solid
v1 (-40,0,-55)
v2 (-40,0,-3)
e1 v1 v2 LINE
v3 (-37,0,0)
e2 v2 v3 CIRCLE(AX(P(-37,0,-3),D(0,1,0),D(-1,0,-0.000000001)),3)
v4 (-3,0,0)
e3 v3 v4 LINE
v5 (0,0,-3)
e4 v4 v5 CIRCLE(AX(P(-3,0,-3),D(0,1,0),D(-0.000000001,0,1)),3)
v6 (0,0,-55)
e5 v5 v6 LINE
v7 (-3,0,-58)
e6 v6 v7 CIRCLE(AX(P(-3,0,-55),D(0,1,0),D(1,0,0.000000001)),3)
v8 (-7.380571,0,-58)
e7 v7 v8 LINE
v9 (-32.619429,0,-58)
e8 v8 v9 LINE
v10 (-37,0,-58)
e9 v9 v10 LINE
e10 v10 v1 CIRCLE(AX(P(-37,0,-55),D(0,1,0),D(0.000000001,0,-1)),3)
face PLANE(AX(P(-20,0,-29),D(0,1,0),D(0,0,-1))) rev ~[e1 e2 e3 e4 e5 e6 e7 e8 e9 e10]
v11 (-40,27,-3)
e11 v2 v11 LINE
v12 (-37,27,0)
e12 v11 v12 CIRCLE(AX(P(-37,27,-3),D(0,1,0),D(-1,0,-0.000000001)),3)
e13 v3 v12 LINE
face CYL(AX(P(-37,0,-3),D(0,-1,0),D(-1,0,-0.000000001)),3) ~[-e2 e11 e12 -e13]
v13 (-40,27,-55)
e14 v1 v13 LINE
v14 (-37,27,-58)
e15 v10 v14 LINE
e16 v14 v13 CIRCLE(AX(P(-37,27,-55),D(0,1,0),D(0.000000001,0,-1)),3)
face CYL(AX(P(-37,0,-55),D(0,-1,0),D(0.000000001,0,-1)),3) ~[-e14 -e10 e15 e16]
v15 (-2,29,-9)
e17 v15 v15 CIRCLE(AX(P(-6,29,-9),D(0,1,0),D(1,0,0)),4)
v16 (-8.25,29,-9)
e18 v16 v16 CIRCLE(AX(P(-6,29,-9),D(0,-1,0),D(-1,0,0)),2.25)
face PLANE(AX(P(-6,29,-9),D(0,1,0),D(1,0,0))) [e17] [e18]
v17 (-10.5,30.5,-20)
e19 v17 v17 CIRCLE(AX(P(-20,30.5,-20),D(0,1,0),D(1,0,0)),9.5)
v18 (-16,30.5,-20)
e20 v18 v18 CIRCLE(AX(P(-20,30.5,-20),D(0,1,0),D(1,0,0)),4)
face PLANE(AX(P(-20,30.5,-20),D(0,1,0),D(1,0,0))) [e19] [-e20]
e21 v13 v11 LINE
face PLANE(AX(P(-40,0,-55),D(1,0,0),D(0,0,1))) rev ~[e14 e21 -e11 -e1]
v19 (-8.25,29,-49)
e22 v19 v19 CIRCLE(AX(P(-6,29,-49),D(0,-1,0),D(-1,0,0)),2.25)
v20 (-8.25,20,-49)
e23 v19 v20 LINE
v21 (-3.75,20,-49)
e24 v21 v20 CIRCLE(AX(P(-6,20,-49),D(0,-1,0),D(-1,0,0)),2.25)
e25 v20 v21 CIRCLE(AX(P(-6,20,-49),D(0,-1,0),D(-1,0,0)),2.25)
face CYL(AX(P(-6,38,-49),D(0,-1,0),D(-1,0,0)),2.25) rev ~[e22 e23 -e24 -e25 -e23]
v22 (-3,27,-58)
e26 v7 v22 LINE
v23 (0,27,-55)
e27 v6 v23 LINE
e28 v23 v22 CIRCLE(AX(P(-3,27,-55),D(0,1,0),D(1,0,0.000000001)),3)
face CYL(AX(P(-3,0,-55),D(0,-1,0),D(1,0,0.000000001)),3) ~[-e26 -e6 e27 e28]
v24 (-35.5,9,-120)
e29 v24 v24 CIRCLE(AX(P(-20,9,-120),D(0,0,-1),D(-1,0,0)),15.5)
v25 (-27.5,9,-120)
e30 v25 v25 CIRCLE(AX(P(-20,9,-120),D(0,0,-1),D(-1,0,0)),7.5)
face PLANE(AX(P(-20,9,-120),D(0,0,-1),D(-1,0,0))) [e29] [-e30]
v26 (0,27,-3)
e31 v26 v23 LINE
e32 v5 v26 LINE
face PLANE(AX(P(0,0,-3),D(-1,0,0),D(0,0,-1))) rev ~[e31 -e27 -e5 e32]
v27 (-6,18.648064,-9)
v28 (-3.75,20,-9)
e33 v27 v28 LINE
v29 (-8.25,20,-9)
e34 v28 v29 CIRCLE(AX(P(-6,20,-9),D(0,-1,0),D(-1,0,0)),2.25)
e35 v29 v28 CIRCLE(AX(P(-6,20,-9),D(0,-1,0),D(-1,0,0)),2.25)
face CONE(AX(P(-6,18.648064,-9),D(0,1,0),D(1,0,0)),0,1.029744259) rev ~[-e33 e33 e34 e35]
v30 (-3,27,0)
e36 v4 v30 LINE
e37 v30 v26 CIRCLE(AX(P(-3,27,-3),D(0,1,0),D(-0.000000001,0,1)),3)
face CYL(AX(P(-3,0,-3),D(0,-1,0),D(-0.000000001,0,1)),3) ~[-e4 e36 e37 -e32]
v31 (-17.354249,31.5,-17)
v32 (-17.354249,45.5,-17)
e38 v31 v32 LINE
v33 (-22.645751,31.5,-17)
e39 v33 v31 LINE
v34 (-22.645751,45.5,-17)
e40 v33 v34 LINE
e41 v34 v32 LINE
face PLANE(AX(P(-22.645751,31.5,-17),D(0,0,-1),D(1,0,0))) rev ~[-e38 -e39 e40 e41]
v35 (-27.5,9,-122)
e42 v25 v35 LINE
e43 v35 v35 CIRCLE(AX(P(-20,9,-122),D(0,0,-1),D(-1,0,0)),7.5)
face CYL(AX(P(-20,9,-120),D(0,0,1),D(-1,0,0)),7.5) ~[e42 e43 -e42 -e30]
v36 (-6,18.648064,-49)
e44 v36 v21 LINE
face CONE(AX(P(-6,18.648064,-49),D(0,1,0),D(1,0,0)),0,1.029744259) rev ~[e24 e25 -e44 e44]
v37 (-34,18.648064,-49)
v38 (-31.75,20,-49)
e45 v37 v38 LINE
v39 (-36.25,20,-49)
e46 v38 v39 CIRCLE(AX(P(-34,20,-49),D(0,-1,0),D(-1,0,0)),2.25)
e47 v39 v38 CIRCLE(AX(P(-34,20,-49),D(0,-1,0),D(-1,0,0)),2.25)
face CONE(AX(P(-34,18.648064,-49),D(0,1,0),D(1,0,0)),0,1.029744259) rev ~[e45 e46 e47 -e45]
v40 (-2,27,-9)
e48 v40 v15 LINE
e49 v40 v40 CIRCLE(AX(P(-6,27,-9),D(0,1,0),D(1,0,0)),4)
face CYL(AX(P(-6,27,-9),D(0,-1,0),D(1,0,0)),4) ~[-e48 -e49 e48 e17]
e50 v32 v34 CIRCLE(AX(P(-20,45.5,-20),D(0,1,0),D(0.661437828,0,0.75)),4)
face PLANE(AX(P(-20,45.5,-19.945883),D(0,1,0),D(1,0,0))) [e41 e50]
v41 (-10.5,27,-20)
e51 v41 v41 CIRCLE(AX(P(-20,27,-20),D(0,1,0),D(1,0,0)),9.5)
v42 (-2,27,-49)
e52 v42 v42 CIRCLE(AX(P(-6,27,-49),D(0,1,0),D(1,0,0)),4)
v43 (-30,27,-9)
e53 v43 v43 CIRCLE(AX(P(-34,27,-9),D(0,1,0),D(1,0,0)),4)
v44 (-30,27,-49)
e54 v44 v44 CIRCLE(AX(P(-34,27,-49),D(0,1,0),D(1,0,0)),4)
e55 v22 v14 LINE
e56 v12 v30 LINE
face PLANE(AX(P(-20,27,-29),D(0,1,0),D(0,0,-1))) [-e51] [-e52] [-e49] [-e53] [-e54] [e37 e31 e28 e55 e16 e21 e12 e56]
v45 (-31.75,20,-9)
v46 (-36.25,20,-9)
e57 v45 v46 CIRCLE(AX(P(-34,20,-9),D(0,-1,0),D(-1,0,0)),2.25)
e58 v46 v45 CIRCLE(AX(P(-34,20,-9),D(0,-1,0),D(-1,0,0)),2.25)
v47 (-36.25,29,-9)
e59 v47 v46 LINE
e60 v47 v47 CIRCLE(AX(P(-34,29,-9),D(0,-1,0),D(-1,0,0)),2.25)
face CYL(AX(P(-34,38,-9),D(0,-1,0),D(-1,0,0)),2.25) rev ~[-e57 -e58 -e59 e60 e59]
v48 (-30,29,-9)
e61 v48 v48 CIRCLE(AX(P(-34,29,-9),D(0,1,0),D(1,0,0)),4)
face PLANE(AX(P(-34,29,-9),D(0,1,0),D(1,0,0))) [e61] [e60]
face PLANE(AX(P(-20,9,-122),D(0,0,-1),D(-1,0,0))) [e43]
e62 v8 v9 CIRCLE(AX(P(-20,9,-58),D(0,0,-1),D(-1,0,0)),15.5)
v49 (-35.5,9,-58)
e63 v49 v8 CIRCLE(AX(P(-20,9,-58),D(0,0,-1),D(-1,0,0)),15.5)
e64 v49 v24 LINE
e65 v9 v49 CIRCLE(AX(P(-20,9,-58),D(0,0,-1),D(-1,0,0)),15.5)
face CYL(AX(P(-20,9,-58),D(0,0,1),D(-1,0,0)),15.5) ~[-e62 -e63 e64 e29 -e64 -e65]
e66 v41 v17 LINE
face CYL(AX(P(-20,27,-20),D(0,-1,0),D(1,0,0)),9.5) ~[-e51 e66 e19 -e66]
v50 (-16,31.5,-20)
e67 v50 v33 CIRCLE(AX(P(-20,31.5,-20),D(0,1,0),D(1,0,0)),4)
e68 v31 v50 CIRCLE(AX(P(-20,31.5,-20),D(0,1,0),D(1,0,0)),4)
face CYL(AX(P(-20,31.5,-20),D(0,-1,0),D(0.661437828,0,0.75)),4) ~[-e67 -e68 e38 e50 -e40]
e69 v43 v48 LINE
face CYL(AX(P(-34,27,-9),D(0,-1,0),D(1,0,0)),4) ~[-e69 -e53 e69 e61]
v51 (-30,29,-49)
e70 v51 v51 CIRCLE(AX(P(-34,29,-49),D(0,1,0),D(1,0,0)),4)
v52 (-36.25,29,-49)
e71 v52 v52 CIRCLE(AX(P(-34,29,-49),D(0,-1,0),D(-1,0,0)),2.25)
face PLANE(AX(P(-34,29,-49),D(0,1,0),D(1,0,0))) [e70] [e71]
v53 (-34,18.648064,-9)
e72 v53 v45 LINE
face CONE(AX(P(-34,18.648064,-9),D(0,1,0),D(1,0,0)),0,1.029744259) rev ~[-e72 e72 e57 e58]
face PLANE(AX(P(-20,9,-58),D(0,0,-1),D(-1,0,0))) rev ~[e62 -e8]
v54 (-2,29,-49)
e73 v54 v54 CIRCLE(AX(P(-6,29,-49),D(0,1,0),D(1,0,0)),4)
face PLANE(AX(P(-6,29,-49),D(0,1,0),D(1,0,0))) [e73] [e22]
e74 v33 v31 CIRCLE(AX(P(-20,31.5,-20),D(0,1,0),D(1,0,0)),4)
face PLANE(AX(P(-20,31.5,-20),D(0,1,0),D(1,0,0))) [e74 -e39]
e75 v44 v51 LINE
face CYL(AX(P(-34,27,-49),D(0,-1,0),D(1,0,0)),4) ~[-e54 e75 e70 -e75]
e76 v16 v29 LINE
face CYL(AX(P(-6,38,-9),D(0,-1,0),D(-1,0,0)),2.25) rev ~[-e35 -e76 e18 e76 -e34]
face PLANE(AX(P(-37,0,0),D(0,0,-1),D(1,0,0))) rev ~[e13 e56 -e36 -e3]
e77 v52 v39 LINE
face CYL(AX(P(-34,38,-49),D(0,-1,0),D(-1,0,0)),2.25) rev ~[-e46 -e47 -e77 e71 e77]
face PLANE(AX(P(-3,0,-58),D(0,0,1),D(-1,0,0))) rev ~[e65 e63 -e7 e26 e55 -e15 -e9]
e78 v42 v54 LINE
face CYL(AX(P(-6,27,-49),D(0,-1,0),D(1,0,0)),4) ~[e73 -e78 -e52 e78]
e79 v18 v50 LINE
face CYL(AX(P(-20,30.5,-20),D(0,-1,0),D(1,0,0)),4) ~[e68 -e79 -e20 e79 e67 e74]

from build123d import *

# Parameters (mm, degrees)
BOSS_EXTRUDE2_DEPTH      = 27
SKETCH2_R                = 4
BOSS_EXTRUDE3_DEPTH      = 2
SKETCH3_R                = 9.5
BOSS_EXTRUDE4_DEPTH      = 3.5
SKETCH4_R                = 4
BOSS_EXTRUDE5_DEPTH      = 1
BOSS_EXTRUDE6_DEPTH      = 14
M4_CLEARANCE_HOLE1_D     = 4.5
M4_CLEARANCE_HOLE1_DEPTH = 9
M4_CLEARANCE_HOLE1_TIP   = 1.351936393
SKETCH8_R                = 15.5
BOSS_EXTRUDE7_DEPTH      = 62
SKETCH9_R                = 7.5
BOSS_EXTRUDE8_DEPTH      = 2


with BuildPart() as part:
    # Sketch1 → Boss-Extrude2 (new body)
    with BuildSketch(Plane(origin=(0, 0, 0), x_dir=(0, 0, -1), z_dir=(0, 1, 0))):
        with BuildLine():
            Line((3, 0), (55, 0))
            ThreePointArc((55, 0), (57.121320344, 0.878679656), (58, 3))
            Line((58, 3), (58, 37))
            ThreePointArc((58, 37), (57.121320344, 39.121320344), (55, 40))
            Line((55, 40), (3, 40))
            ThreePointArc((3, 40), (0.878679656, 39.121320344), (0, 37))
            Line((0, 37), (0, 3))
            ThreePointArc((0, 3), (0.878679656, 0.878679656), (3, 0))
        make_face()
    extrude(amount=BOSS_EXTRUDE2_DEPTH)

    # Sketch2 → Boss-Extrude3 (add)
    with BuildSketch(Plane(origin=(0, 27, 0), x_dir=(1, 0, 0), z_dir=(0, 1, 0))):
        with Locations((-34, 9)):
            Circle(SKETCH2_R)
        with Locations((-6, 9)):
            Circle(SKETCH2_R)
        with Locations((-6, 49)):
            Circle(SKETCH2_R)
        with Locations((-34, 49)):
            Circle(SKETCH2_R)
    extrude(amount=BOSS_EXTRUDE3_DEPTH)

    # Sketch3 → Boss-Extrude4 (add)
    with BuildSketch(Plane(origin=(0, 27, 0), x_dir=(1, 0, 0), z_dir=(0, 1, 0))):
        with Locations((-20, 20)):
            Circle(SKETCH3_R)
    extrude(amount=BOSS_EXTRUDE4_DEPTH)

    # Sketch4 → Boss-Extrude5 (add)
    with BuildSketch(Plane(origin=(0, 30.5, 0), x_dir=(1, 0, 0), z_dir=(0, 1, 0))):
        with Locations((-20, 20)):
            Circle(SKETCH4_R)
    extrude(amount=BOSS_EXTRUDE5_DEPTH)

    # Sketch5 → Boss-Extrude6 (add)
    with BuildSketch(Plane(origin=(0, 31.5, 0), x_dir=(1, 0, 0), z_dir=(0, 1, 0))):
        with BuildLine():
            Line((-22.645751311, 17), (-17.354248689, 17))
            ThreePointArc((-17.354248689, 17), (-20, 24), (-22.645751311, 17))
        make_face()
    extrude(amount=BOSS_EXTRUDE6_DEPTH)

    # M4 Clearance Hole1
    with Locations(Plane(origin=(0, 29, 0), x_dir=(1, 0, 0), z_dir=(0, 1, 0))):
        with Locations((-34, 9), (-34, 49), (-6, 49), (-6, 9)):
            Hole(M4_CLEARANCE_HOLE1_D / 2, depth=M4_CLEARANCE_HOLE1_DEPTH)
            with Locations((0, 0, -(M4_CLEARANCE_HOLE1_DEPTH + M4_CLEARANCE_HOLE1_TIP / 2))):  # 118° drill point
                Cone(0, M4_CLEARANCE_HOLE1_D / 2, M4_CLEARANCE_HOLE1_TIP, mode=Mode.SUBTRACT)

    # Sketch8 → Boss-Extrude7 (add)
    with BuildSketch(Plane(origin=(0, 0, -58), x_dir=(-1, 0, 0), z_dir=(0, 0, -1))):
        with Locations((20, 9)):
            Circle(SKETCH8_R)
    extrude(amount=BOSS_EXTRUDE7_DEPTH)

    # Sketch9 → Boss-Extrude8 (add)
    with BuildSketch(Plane(origin=(0, 0, -120), x_dir=(-1, 0, 0), z_dir=(0, 0, -1))):
        with Locations((20, 9)):
            Circle(SKETCH9_R)
    extrude(amount=BOSS_EXTRUDE8_DEPTH)


solid = part.part
